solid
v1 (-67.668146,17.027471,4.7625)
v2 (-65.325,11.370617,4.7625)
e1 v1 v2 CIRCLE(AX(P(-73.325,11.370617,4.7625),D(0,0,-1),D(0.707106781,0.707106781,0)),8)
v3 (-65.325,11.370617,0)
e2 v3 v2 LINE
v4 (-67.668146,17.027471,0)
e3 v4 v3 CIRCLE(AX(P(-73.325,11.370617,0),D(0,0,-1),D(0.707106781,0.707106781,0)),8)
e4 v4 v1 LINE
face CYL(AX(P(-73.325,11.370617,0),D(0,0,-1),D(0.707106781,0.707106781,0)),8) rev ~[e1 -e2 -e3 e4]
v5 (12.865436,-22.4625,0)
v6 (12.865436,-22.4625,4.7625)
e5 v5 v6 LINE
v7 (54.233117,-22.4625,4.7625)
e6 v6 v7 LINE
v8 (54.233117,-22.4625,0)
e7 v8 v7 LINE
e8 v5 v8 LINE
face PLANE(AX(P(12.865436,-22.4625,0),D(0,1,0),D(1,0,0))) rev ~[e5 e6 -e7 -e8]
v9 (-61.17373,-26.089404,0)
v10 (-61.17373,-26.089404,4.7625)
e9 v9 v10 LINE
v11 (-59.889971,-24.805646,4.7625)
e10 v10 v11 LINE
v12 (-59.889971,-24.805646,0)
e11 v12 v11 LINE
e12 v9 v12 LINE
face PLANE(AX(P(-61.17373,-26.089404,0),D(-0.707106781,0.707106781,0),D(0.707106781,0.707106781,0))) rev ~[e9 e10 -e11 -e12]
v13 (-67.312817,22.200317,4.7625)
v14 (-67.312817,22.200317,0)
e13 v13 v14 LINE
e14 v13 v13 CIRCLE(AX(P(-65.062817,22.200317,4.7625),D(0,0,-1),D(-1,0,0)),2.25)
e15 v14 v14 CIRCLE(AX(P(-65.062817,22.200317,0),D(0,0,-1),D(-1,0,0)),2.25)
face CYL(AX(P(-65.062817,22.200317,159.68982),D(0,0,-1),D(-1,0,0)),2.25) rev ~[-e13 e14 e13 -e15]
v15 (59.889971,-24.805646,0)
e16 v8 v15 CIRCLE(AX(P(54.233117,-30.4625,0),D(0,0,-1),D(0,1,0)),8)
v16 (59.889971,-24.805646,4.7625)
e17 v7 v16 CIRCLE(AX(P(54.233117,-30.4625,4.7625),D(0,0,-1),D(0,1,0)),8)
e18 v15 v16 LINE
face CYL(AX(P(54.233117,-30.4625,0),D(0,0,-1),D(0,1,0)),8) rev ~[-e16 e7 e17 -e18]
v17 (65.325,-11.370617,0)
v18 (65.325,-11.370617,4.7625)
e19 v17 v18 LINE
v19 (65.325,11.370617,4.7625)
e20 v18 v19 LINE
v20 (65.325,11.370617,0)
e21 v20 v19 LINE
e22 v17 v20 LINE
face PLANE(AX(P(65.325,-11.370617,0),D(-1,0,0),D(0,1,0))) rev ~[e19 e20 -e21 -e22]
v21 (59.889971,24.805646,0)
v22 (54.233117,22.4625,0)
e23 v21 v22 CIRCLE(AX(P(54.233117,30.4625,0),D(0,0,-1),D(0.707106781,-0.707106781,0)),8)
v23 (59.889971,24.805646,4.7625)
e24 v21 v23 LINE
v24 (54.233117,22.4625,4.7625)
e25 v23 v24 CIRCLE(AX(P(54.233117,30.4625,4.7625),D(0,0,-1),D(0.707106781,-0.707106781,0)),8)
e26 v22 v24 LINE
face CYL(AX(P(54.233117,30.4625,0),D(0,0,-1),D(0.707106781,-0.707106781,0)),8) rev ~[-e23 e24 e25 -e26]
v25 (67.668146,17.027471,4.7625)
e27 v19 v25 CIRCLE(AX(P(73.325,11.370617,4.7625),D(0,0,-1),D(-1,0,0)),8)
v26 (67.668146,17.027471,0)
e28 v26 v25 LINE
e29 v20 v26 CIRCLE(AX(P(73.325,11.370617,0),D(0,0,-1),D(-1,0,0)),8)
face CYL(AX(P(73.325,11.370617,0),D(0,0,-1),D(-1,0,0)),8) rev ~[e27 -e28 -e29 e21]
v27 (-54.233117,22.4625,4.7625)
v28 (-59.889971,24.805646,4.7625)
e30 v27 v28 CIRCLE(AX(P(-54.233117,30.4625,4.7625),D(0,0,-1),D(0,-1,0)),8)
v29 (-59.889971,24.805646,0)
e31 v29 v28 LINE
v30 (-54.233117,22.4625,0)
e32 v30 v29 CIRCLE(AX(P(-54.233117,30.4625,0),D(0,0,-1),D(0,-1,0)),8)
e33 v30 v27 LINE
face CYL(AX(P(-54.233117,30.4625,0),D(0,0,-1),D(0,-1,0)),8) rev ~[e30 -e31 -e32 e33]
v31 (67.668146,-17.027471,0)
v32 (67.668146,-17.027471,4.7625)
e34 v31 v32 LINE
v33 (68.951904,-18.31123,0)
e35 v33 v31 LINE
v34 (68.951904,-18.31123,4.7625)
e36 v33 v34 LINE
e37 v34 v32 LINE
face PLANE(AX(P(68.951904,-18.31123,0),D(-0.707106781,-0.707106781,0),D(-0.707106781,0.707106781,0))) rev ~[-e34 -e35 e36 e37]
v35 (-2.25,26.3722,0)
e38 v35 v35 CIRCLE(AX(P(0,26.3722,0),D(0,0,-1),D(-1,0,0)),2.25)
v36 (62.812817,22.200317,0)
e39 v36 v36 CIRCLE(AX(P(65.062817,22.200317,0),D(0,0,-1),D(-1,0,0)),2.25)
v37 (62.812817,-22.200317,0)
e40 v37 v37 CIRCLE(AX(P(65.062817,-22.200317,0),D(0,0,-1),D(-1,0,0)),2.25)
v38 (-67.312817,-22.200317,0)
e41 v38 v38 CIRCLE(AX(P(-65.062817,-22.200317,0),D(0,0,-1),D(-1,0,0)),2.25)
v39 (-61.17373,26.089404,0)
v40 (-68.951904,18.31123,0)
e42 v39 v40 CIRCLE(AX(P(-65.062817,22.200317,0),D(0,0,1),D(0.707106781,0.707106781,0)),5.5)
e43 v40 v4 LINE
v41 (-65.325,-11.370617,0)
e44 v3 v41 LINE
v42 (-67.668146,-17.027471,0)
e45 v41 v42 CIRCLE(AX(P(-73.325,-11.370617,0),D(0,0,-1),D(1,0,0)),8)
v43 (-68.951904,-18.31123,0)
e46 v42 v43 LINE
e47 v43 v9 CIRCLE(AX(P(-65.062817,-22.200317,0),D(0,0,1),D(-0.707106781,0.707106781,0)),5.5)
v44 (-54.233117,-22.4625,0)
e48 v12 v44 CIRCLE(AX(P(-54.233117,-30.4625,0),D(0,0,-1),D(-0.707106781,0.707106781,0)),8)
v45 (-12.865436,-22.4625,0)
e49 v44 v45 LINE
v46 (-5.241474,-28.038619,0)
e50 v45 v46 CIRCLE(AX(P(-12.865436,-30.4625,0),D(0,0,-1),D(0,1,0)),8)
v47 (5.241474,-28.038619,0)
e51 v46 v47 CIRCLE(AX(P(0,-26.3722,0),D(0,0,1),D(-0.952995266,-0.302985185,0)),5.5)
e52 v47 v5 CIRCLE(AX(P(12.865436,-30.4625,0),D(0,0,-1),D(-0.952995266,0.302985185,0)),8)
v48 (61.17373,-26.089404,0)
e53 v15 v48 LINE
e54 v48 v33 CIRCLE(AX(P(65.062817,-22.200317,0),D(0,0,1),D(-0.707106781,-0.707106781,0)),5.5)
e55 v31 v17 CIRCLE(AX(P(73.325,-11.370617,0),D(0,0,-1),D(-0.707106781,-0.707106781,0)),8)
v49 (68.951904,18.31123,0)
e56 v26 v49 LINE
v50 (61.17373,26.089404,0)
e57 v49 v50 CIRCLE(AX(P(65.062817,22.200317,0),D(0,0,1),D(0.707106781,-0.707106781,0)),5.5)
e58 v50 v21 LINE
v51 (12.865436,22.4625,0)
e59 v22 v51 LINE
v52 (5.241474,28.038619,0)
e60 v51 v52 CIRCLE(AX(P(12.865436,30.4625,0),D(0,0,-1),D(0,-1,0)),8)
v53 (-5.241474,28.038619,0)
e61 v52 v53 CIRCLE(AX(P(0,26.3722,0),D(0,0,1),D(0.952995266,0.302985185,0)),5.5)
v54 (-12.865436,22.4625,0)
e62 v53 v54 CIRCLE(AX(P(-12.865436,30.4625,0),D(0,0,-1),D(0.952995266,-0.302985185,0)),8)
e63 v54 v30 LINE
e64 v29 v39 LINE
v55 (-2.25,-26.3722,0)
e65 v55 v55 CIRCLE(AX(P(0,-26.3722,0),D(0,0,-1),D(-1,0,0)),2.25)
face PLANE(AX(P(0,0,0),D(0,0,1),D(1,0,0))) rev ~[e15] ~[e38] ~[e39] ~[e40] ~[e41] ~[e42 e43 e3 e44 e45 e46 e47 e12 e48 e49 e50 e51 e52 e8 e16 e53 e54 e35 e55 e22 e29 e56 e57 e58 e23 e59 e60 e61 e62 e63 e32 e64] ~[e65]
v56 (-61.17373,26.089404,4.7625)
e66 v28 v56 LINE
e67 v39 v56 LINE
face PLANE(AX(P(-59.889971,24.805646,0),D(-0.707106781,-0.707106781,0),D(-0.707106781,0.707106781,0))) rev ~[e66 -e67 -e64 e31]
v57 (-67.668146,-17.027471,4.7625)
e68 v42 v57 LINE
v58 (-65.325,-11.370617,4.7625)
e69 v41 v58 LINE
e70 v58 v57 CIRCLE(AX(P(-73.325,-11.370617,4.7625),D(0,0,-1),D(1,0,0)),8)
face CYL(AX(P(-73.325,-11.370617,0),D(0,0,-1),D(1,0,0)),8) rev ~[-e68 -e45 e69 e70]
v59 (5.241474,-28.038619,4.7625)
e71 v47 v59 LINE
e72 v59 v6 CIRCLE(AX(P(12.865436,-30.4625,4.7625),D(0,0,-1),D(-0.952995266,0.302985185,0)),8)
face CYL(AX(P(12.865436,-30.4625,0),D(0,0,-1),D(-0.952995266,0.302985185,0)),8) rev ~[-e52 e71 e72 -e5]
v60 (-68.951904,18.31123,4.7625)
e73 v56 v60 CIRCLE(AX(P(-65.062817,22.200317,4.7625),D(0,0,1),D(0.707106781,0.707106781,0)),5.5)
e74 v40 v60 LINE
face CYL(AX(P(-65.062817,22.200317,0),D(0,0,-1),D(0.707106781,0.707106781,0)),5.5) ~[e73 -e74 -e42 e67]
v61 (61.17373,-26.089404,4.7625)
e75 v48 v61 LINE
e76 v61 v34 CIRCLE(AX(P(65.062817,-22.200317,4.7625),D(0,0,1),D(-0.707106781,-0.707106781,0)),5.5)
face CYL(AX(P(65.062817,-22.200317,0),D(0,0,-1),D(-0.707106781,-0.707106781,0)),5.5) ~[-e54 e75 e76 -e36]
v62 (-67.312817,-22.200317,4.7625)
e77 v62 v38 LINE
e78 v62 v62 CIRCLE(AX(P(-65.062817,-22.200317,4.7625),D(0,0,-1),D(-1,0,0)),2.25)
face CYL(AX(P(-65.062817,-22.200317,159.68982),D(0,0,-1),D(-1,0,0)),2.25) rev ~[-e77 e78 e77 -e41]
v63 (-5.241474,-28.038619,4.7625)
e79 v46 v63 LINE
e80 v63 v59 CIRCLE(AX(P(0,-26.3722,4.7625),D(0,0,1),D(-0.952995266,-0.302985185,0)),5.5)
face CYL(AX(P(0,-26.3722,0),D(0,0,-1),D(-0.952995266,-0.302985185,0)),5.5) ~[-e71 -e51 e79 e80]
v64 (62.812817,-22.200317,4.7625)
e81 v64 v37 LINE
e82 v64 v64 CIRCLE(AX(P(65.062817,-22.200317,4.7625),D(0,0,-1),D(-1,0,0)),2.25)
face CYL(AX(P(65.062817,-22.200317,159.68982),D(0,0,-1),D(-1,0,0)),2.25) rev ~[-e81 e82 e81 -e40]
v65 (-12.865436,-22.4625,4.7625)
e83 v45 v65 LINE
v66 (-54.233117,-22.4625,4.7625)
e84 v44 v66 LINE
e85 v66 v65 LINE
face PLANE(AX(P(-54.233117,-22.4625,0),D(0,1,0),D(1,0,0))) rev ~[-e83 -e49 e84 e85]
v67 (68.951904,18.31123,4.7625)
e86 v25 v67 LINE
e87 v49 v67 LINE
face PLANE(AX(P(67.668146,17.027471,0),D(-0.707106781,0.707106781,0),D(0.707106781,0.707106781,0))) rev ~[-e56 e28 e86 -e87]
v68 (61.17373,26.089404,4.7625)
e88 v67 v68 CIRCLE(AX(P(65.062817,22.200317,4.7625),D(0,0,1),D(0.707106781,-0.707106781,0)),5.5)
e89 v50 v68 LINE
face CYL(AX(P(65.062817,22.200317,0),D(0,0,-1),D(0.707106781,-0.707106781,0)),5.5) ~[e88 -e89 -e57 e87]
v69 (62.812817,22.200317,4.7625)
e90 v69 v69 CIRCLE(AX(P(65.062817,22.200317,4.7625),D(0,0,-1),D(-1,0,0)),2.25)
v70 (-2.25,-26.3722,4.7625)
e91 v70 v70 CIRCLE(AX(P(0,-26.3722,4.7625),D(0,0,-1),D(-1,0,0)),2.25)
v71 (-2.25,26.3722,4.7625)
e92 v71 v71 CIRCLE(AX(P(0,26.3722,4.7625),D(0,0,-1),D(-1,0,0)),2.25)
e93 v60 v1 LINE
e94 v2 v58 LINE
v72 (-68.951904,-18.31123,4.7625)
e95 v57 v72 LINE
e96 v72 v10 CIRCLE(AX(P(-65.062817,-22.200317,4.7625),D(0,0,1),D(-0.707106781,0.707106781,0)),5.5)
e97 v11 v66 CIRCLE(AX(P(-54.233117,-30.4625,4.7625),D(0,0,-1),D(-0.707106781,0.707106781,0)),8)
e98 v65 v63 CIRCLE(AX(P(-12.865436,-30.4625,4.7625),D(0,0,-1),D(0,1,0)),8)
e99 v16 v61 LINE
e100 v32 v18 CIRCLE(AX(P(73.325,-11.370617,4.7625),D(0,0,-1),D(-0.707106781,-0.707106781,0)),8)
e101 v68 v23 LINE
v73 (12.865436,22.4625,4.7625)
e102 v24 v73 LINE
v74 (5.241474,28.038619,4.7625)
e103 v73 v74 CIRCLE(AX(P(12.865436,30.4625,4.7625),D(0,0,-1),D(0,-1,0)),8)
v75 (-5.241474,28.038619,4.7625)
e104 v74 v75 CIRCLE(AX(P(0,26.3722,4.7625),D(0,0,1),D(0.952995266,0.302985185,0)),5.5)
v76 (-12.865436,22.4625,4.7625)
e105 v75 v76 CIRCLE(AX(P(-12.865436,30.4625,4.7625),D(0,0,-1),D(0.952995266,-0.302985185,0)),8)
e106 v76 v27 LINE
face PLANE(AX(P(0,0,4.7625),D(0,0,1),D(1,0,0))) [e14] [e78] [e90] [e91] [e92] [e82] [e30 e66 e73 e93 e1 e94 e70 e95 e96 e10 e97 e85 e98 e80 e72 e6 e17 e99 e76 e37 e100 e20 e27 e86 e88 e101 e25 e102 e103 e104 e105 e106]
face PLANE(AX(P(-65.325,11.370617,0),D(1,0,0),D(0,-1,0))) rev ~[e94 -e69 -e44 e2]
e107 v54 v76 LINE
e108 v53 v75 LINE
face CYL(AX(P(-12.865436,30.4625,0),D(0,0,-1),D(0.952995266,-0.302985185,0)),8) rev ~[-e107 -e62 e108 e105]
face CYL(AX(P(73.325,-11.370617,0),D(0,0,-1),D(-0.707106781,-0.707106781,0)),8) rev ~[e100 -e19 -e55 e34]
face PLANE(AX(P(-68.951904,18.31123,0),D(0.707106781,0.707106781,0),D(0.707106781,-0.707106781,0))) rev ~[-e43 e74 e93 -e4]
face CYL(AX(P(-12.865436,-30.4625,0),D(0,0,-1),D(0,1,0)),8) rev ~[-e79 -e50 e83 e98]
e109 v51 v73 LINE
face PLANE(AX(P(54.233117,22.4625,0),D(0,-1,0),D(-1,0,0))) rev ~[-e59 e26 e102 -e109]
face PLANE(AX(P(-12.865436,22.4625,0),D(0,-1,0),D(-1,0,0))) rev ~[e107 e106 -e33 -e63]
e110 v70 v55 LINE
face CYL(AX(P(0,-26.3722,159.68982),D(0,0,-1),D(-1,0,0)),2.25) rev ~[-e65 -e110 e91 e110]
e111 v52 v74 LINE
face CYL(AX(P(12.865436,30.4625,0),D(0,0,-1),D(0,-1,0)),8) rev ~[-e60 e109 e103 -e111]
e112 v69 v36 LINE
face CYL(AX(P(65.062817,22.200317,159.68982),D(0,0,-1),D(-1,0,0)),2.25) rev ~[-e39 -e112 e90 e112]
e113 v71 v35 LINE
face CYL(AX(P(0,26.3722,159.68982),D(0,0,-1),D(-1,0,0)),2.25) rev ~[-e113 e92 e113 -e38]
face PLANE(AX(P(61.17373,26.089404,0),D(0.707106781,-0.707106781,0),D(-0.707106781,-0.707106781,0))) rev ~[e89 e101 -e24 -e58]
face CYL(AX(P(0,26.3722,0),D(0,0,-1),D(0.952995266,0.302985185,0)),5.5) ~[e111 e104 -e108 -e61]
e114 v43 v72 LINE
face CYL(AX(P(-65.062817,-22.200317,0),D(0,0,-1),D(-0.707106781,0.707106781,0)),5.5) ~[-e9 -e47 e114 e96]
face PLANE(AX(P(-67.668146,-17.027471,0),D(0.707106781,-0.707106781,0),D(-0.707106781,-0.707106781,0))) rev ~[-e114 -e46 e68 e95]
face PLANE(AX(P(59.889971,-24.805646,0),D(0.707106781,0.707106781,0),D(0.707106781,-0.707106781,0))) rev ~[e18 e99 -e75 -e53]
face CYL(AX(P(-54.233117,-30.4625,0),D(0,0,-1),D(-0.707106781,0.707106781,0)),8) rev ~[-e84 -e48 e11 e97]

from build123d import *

# Parameters (mm, degrees)
BOSS_EXTRUDE1_DEPTH  = 4.7625
M4_CLEARANCE_HOLE1_D = 4.5


with BuildPart() as part:
    # Sketch1 → Boss-Extrude1 (new body)
    with BuildSketch(Plane.XY):
        with BuildLine():
            Line((61.173729563, 26.089404156), (59.889971157, 24.805645751))
            ThreePointArc((59.889971157, 24.805645751), (57.294584367, 23.07146374), (54.233116908, 22.4625))
            Line((54.233116908, 22.4625), (12.865436095, 22.4625))
            ThreePointArc((12.865436095, 22.4625), (8.142674818, 24.005292715), (5.241473965, 28.038618519))
            ThreePointArc((5.241473965, 28.038618519), (0, 31.8722), (-5.241473965, 28.038618519))
            ThreePointArc((-5.241473965, 28.038618519), (-8.142674818, 24.005292715), (-12.865436095, 22.4625))
            Line((-12.865436095, 22.4625), (-54.233116908, 22.4625))
            ThreePointArc((-54.233116908, 22.4625), (-57.294584367, 23.07146374), (-59.889971157, 24.805645751))
            Line((-59.889971157, 24.805645751), (-61.173729563, 26.089404156))
            ThreePointArc((-61.173729563, 26.089404156), (-68.951904156, 26.089404156), (-68.951904156, 18.311229563))
            Line((-68.951904156, 18.311229563), (-67.668145751, 17.027471157))
            ThreePointArc((-67.668145751, 17.027471157), (-65.93396374, 14.432084367), (-65.325, 11.370616908))
            Line((-65.325, 11.370616908), (-65.325, -11.370616908))
            ThreePointArc((-65.325, -11.370616908), (-65.93396374, -14.432084367), (-67.668145751, -17.027471157))
            Line((-67.668145751, -17.027471157), (-68.951904156, -18.311229563))
            ThreePointArc((-68.951904156, -18.311229563), (-68.951904156, -26.089404156), (-61.173729563, -26.089404156))
            Line((-61.173729563, -26.089404156), (-59.889971157, -24.805645751))
            ThreePointArc((-59.889971157, -24.805645751), (-57.294584367, -23.07146374), (-54.233116908, -22.4625))
            Line((-54.233116908, -22.4625), (-12.865436095, -22.4625))
            ThreePointArc((-12.865436095, -22.4625), (-8.142674818, -24.005292715), (-5.241473965, -28.038618519))
            ThreePointArc((-5.241473965, -28.038618519), (0, -31.8722), (5.241473965, -28.038618519))
            ThreePointArc((5.241473965, -28.038618519), (8.142674818, -24.005292715), (12.865436095, -22.4625))
            Line((12.865436095, -22.4625), (54.233116908, -22.4625))
            ThreePointArc((54.233116908, -22.4625), (57.294584367, -23.07146374), (59.889971157, -24.805645751))
            Line((59.889971157, -24.805645751), (61.173729563, -26.089404156))
            ThreePointArc((61.173729563, -26.089404156), (68.951904156, -26.089404156), (68.951904156, -18.311229563))
            Line((68.951904156, -18.311229563), (67.668145751, -17.027471157))
            ThreePointArc((67.668145751, -17.027471157), (65.93396374, -14.432084367), (65.325, -11.370616908))
            Line((65.325, -11.370616908), (65.325, 11.370616908))
            ThreePointArc((65.325, 11.370616908), (65.93396374, 14.432084367), (67.668145751, 17.027471157))
            Line((67.668145751, 17.027471157), (68.951904156, 18.311229563))
            ThreePointArc((68.951904156, 18.311229563), (68.951904156, 26.089404156), (61.173729563, 26.089404156))
        make_face()
    extrude(amount=BOSS_EXTRUDE1_DEPTH)

    # M4 Clearance Hole1 (through all)
    with Locations(Plane.XY.offset(4.7625)):
        with Locations((-65.062816859, 22.200316859), (0, 26.3722), (65.062816859, 22.200316859), (65.062816859, -22.200316859), (0, -26.3722), (-65.062816859, -22.200316859)):
            Hole(M4_CLEARANCE_HOLE1_D / 2)


solid = part.part
